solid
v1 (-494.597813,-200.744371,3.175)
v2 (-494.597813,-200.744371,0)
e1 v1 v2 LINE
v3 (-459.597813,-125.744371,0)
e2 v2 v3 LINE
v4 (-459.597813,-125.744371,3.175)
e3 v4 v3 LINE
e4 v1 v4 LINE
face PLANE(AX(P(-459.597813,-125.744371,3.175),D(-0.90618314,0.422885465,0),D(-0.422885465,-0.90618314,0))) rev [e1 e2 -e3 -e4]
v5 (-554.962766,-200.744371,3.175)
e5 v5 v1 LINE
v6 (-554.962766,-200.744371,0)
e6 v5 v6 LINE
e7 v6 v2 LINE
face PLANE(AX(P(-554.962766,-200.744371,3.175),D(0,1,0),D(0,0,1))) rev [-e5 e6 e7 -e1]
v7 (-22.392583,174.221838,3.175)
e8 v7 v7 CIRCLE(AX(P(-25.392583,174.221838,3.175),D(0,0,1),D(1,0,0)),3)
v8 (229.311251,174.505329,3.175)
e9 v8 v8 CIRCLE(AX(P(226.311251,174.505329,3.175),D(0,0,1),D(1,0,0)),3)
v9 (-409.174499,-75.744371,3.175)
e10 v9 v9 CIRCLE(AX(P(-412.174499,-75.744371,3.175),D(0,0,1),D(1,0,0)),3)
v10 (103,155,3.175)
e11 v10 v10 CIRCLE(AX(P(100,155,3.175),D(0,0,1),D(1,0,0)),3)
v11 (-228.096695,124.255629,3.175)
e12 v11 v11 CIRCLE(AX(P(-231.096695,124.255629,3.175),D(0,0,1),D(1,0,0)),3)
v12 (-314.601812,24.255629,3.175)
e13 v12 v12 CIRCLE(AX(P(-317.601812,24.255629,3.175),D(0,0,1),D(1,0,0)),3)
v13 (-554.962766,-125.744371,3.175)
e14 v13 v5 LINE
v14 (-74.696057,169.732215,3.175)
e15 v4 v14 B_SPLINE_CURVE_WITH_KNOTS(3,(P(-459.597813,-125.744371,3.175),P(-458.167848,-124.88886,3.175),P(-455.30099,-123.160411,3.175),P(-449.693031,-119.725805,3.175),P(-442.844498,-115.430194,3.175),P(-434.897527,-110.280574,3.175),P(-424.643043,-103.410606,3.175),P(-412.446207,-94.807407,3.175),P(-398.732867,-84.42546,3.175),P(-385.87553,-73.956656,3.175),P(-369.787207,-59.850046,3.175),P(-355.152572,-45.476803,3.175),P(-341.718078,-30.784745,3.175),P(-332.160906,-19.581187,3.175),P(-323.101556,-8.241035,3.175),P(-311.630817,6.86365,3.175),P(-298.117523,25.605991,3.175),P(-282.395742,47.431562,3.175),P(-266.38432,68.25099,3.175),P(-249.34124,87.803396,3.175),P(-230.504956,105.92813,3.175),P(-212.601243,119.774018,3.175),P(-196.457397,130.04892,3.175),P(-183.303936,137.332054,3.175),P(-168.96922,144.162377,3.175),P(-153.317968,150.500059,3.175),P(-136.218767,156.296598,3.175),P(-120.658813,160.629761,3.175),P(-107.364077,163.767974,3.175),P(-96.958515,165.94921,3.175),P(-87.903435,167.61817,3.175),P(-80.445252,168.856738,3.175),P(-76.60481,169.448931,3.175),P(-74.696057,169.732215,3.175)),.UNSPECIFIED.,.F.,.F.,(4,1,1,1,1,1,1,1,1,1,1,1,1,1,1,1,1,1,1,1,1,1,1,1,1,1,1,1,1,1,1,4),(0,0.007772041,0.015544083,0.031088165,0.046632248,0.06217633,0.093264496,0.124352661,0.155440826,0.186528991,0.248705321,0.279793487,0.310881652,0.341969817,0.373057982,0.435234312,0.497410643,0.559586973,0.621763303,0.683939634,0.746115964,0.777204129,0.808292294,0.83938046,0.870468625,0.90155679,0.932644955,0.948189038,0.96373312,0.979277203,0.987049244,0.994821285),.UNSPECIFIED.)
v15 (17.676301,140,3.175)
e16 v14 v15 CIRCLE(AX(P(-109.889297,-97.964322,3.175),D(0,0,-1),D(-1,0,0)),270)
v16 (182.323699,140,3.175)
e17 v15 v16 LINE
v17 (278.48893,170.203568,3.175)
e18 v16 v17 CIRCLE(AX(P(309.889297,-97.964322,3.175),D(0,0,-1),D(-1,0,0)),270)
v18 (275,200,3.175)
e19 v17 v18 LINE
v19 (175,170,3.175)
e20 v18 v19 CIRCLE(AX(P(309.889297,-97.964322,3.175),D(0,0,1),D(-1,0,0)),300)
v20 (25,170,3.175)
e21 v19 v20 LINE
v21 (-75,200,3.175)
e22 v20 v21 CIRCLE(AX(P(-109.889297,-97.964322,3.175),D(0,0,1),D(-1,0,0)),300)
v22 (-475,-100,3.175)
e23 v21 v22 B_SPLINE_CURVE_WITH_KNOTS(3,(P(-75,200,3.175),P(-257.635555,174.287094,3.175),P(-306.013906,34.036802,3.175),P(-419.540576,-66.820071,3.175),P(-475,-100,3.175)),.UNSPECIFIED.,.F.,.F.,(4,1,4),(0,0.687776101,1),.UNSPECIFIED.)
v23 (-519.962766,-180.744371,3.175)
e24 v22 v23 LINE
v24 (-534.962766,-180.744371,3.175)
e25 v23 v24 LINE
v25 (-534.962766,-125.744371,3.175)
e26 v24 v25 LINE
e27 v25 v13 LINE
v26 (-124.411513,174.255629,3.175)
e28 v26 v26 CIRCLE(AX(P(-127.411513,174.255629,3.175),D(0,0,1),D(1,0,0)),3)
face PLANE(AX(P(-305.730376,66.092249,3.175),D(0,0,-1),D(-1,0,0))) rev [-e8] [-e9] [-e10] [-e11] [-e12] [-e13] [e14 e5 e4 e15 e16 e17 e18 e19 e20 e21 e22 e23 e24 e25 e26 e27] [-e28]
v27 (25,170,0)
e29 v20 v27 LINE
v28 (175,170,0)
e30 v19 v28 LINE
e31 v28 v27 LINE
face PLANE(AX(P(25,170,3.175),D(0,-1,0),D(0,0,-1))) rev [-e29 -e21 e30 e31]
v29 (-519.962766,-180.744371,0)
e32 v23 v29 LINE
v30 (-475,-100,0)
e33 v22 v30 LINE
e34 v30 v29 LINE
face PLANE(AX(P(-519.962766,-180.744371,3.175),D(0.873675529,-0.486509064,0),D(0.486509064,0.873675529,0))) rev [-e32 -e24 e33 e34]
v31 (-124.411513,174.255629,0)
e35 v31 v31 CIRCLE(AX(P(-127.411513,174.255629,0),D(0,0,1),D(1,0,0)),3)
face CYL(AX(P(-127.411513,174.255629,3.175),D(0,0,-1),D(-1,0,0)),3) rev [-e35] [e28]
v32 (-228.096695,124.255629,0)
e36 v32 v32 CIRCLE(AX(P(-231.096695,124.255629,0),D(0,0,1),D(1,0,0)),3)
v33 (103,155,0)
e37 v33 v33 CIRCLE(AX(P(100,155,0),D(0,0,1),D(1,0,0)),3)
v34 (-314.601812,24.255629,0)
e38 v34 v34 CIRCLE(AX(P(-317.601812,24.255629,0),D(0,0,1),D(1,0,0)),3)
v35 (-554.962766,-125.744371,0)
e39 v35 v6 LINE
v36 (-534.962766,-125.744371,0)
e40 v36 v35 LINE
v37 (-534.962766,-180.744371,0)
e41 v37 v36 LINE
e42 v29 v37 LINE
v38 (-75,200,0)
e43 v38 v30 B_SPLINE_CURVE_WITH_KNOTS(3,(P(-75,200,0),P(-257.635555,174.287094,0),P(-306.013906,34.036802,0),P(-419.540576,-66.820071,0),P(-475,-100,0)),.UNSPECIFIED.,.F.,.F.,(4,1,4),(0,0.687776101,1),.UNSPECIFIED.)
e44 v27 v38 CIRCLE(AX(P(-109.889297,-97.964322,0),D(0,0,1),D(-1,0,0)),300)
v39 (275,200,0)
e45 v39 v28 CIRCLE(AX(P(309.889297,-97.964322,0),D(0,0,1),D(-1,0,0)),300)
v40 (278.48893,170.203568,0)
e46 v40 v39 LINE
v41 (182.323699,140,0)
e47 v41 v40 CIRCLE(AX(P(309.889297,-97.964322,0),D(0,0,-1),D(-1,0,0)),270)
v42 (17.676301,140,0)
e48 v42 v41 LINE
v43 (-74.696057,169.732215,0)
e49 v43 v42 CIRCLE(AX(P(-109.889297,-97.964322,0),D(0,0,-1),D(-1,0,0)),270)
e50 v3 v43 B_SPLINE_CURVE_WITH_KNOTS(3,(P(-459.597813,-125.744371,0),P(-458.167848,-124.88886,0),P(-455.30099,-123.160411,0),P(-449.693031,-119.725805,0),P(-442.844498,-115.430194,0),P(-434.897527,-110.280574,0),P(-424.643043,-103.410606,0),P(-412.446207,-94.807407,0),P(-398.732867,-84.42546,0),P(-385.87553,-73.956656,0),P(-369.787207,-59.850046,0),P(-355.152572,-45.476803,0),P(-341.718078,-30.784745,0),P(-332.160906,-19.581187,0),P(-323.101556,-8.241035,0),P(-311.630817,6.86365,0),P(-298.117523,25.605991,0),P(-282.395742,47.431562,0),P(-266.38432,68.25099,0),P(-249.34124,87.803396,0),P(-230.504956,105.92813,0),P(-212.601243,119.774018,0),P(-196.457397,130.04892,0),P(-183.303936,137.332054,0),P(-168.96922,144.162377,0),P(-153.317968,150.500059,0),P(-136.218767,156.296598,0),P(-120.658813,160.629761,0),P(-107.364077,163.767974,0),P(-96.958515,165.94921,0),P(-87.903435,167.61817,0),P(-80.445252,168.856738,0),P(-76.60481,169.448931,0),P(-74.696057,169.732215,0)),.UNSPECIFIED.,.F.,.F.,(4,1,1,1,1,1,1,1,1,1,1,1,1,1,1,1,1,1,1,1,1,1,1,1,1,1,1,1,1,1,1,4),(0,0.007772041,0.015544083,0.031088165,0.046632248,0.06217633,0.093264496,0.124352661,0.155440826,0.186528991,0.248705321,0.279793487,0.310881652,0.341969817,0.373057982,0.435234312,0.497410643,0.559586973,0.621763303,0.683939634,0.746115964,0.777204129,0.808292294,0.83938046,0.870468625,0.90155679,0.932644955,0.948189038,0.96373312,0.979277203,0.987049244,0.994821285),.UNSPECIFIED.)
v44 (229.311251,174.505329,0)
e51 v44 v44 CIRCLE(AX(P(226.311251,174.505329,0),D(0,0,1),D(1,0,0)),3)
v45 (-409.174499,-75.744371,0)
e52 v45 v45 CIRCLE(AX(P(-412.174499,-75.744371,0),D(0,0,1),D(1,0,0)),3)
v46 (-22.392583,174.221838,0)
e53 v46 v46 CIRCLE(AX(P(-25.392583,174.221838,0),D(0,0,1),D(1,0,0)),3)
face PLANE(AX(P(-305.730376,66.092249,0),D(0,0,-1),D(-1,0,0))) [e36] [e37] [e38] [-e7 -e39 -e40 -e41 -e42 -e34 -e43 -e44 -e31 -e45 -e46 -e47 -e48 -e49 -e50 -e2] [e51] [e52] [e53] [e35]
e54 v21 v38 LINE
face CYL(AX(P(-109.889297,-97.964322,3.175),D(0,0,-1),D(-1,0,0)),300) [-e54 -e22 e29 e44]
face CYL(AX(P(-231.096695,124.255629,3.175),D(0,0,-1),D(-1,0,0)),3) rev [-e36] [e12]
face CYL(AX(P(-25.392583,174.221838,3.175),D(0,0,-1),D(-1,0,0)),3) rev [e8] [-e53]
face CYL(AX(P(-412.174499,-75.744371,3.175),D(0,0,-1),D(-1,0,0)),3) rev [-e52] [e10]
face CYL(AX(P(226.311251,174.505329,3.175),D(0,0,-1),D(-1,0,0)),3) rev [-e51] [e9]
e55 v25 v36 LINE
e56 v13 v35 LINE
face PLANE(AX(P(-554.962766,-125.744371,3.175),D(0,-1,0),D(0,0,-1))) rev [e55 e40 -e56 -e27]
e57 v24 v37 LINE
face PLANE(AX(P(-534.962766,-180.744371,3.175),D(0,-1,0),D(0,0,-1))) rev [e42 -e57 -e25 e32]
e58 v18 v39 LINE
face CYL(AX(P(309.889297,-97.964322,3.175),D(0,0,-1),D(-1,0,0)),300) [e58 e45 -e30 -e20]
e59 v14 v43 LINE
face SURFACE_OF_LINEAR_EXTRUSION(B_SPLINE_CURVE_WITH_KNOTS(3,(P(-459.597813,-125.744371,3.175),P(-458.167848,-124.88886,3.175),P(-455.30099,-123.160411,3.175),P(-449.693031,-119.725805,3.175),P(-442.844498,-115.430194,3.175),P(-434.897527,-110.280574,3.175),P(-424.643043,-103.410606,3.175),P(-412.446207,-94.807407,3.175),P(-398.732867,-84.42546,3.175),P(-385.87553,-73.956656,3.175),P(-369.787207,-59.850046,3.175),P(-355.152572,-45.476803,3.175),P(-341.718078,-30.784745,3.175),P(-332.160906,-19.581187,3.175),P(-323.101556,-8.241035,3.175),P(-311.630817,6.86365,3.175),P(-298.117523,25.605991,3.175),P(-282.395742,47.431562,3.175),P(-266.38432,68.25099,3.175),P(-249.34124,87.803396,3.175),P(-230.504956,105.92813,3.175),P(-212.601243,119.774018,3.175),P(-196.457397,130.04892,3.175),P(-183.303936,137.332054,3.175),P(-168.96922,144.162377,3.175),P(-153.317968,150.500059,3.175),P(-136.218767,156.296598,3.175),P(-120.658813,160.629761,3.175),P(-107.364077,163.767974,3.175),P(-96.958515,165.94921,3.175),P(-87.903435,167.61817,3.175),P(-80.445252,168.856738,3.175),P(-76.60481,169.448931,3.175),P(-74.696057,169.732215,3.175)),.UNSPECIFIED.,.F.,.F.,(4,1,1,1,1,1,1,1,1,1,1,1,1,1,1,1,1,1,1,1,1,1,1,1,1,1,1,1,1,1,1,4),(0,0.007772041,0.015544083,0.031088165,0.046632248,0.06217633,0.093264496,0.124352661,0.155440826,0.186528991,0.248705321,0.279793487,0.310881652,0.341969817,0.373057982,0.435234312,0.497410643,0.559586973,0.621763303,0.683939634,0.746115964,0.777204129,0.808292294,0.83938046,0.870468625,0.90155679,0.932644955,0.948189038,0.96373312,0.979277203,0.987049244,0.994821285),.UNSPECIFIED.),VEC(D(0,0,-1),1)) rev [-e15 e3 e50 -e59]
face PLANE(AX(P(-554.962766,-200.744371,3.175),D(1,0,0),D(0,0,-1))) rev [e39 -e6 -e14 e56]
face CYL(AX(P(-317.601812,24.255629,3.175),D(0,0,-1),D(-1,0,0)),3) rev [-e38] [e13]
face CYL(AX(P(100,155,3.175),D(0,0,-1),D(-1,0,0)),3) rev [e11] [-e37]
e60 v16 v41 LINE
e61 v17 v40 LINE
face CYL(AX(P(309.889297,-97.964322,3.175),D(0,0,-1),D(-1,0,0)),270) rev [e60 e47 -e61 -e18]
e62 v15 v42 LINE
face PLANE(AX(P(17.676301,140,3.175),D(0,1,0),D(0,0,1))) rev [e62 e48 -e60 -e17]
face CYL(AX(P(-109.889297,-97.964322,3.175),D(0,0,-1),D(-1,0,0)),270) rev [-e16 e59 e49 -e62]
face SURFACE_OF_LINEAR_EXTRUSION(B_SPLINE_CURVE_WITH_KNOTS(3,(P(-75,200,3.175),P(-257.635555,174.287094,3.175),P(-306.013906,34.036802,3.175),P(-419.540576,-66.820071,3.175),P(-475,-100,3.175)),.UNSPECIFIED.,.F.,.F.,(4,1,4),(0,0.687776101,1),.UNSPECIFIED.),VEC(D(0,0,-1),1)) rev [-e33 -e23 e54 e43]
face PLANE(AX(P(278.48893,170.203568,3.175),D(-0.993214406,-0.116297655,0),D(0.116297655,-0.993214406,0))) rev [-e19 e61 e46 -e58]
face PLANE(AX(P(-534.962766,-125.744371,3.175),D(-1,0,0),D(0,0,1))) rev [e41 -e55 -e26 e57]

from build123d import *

# Parameters (mm, degrees)
SKETCH1_R           = 3
BOSS_EXTRUDE1_DEPTH = 3.175


with BuildPart() as part:
    # Sketch1 → Boss-Extrude1 (new body)
    with BuildSketch(Plane.XY):
        with BuildLine():
            Line((25, 170), (175, 170))
            ThreePointArc((175, 170), (223.684930832, 189.383563894), (275, 200))
            Line((275, 200), (278.48892965, 170.203567833))
            ThreePointArc((278.48892965, 170.203567833), (228.984362684, 159.629140364), (182.323699215, 140))
            Line((182.323699215, 140), (17.676300785, 140))
            ThreePointArc((17.676300785, 140), (-27.163176857, 159.050053662), (-74.696057289, 169.732215313))
            add(Edge.make_bspline(
                [(-459.597813184, -125.74437106), (-458.167847661, -124.888859924), (-455.300989911, -123.160410804), (-449.693031194, -119.725805066), (-442.844497858, -115.430194443), (-434.897527213, -110.280573748), (-424.643042919, -103.410605598), (-412.446207366, -94.807407336), (-398.73286692, -84.425459971), (-385.875530014, -73.956655832), (-369.787206696, -59.850046206), (-355.152571956, -45.476802835), (-341.718077927, -30.784744771), (-332.160906415, -19.581186548), (-323.101555816, -8.241034683), (-311.630816912, 6.863649777), (-298.117522758, 25.605990916), (-282.395742384, 47.431562205), (-266.384320483, 68.25099024), (-249.34123977, 87.803395961), (-230.504956306, 105.928130356), (-212.601243201, 119.774018212), (-196.457396921, 130.048920131), (-183.303935629, 137.33205425), (-168.969219752, 144.162376514), (-153.317967868, 150.50005901), (-136.218766867, 156.296597686), (-120.658812709, 160.629761276), (-107.364076993, 163.767973943), (-96.958515184, 165.949209965), (-87.903435435, 167.618170459), (-80.445251901, 168.856738216), (-76.604810273, 169.448930821), (-74.696057289, 169.732215313)],
                knots=[0, 0, 0, 0, 0.007772041, 0.015544083, 0.031088165, 0.046632248, 0.06217633, 0.093264496, 0.124352661, 0.155440826, 0.186528991, 0.248705321, 0.279793487, 0.310881652, 0.341969817, 0.373057982, 0.435234312, 0.497410643, 0.559586973, 0.621763303, 0.683939634, 0.746115964, 0.777204129, 0.808292294, 0.83938046, 0.870468625, 0.90155679, 0.932644955, 0.948189038, 0.96373312, 0.979277203, 0.987049244, 0.994821285, 0.994821285, 0.994821285, 0.994821285], degree=3))
            Line((-459.597813184, -125.74437106), (-494.597813184, -200.74437106))
            Line((-494.597813184, -200.74437106), (-554.962766018, -200.74437106))
            Line((-554.962766018, -200.74437106), (-554.962766018, -125.74437106))
            Line((-554.962766018, -125.74437106), (-534.962766018, -125.74437106))
            Line((-534.962766018, -125.74437106), (-534.962766018, -180.74437106))
            Line((-534.962766018, -180.74437106), (-519.962766018, -180.74437106))
            Line((-519.962766018, -180.74437106), (-475, -100))
            add(Edge.make_bspline(
                [(-475, -100), (-419.540575809, -66.820070684), (-306.013905785, 34.036801702), (-257.635554762, 174.287094016), (-75, 200)],
                knots=[0, 0, 0, 0, 0.312223899, 1, 1, 1, 1], degree=3))
            ThreePointArc((-75, 200), (-23.684930832, 189.383563894), (25, 170))
        make_face()
        with Locations((-412.174499428, -75.74437106)):
            Circle(SKETCH1_R, mode=Mode.SUBTRACT)
        with Locations((-317.601811803, 24.25562894)):
            Circle(SKETCH1_R, mode=Mode.SUBTRACT)
        with Locations((-231.096695012, 124.25562894)):
            Circle(SKETCH1_R, mode=Mode.SUBTRACT)
        with Locations((-127.411512689, 174.25562894)):
            Circle(SKETCH1_R, mode=Mode.SUBTRACT)
        with Locations((100, 155)):
            Circle(SKETCH1_R, mode=Mode.SUBTRACT)
        with Locations((226.311251147, 174.505328628)):
            Circle(SKETCH1_R, mode=Mode.SUBTRACT)
        with Locations((-25.392583218, 174.221837866)):
            Circle(SKETCH1_R, mode=Mode.SUBTRACT)
    extrude(amount=BOSS_EXTRUDE1_DEPTH)


solid = part.part
